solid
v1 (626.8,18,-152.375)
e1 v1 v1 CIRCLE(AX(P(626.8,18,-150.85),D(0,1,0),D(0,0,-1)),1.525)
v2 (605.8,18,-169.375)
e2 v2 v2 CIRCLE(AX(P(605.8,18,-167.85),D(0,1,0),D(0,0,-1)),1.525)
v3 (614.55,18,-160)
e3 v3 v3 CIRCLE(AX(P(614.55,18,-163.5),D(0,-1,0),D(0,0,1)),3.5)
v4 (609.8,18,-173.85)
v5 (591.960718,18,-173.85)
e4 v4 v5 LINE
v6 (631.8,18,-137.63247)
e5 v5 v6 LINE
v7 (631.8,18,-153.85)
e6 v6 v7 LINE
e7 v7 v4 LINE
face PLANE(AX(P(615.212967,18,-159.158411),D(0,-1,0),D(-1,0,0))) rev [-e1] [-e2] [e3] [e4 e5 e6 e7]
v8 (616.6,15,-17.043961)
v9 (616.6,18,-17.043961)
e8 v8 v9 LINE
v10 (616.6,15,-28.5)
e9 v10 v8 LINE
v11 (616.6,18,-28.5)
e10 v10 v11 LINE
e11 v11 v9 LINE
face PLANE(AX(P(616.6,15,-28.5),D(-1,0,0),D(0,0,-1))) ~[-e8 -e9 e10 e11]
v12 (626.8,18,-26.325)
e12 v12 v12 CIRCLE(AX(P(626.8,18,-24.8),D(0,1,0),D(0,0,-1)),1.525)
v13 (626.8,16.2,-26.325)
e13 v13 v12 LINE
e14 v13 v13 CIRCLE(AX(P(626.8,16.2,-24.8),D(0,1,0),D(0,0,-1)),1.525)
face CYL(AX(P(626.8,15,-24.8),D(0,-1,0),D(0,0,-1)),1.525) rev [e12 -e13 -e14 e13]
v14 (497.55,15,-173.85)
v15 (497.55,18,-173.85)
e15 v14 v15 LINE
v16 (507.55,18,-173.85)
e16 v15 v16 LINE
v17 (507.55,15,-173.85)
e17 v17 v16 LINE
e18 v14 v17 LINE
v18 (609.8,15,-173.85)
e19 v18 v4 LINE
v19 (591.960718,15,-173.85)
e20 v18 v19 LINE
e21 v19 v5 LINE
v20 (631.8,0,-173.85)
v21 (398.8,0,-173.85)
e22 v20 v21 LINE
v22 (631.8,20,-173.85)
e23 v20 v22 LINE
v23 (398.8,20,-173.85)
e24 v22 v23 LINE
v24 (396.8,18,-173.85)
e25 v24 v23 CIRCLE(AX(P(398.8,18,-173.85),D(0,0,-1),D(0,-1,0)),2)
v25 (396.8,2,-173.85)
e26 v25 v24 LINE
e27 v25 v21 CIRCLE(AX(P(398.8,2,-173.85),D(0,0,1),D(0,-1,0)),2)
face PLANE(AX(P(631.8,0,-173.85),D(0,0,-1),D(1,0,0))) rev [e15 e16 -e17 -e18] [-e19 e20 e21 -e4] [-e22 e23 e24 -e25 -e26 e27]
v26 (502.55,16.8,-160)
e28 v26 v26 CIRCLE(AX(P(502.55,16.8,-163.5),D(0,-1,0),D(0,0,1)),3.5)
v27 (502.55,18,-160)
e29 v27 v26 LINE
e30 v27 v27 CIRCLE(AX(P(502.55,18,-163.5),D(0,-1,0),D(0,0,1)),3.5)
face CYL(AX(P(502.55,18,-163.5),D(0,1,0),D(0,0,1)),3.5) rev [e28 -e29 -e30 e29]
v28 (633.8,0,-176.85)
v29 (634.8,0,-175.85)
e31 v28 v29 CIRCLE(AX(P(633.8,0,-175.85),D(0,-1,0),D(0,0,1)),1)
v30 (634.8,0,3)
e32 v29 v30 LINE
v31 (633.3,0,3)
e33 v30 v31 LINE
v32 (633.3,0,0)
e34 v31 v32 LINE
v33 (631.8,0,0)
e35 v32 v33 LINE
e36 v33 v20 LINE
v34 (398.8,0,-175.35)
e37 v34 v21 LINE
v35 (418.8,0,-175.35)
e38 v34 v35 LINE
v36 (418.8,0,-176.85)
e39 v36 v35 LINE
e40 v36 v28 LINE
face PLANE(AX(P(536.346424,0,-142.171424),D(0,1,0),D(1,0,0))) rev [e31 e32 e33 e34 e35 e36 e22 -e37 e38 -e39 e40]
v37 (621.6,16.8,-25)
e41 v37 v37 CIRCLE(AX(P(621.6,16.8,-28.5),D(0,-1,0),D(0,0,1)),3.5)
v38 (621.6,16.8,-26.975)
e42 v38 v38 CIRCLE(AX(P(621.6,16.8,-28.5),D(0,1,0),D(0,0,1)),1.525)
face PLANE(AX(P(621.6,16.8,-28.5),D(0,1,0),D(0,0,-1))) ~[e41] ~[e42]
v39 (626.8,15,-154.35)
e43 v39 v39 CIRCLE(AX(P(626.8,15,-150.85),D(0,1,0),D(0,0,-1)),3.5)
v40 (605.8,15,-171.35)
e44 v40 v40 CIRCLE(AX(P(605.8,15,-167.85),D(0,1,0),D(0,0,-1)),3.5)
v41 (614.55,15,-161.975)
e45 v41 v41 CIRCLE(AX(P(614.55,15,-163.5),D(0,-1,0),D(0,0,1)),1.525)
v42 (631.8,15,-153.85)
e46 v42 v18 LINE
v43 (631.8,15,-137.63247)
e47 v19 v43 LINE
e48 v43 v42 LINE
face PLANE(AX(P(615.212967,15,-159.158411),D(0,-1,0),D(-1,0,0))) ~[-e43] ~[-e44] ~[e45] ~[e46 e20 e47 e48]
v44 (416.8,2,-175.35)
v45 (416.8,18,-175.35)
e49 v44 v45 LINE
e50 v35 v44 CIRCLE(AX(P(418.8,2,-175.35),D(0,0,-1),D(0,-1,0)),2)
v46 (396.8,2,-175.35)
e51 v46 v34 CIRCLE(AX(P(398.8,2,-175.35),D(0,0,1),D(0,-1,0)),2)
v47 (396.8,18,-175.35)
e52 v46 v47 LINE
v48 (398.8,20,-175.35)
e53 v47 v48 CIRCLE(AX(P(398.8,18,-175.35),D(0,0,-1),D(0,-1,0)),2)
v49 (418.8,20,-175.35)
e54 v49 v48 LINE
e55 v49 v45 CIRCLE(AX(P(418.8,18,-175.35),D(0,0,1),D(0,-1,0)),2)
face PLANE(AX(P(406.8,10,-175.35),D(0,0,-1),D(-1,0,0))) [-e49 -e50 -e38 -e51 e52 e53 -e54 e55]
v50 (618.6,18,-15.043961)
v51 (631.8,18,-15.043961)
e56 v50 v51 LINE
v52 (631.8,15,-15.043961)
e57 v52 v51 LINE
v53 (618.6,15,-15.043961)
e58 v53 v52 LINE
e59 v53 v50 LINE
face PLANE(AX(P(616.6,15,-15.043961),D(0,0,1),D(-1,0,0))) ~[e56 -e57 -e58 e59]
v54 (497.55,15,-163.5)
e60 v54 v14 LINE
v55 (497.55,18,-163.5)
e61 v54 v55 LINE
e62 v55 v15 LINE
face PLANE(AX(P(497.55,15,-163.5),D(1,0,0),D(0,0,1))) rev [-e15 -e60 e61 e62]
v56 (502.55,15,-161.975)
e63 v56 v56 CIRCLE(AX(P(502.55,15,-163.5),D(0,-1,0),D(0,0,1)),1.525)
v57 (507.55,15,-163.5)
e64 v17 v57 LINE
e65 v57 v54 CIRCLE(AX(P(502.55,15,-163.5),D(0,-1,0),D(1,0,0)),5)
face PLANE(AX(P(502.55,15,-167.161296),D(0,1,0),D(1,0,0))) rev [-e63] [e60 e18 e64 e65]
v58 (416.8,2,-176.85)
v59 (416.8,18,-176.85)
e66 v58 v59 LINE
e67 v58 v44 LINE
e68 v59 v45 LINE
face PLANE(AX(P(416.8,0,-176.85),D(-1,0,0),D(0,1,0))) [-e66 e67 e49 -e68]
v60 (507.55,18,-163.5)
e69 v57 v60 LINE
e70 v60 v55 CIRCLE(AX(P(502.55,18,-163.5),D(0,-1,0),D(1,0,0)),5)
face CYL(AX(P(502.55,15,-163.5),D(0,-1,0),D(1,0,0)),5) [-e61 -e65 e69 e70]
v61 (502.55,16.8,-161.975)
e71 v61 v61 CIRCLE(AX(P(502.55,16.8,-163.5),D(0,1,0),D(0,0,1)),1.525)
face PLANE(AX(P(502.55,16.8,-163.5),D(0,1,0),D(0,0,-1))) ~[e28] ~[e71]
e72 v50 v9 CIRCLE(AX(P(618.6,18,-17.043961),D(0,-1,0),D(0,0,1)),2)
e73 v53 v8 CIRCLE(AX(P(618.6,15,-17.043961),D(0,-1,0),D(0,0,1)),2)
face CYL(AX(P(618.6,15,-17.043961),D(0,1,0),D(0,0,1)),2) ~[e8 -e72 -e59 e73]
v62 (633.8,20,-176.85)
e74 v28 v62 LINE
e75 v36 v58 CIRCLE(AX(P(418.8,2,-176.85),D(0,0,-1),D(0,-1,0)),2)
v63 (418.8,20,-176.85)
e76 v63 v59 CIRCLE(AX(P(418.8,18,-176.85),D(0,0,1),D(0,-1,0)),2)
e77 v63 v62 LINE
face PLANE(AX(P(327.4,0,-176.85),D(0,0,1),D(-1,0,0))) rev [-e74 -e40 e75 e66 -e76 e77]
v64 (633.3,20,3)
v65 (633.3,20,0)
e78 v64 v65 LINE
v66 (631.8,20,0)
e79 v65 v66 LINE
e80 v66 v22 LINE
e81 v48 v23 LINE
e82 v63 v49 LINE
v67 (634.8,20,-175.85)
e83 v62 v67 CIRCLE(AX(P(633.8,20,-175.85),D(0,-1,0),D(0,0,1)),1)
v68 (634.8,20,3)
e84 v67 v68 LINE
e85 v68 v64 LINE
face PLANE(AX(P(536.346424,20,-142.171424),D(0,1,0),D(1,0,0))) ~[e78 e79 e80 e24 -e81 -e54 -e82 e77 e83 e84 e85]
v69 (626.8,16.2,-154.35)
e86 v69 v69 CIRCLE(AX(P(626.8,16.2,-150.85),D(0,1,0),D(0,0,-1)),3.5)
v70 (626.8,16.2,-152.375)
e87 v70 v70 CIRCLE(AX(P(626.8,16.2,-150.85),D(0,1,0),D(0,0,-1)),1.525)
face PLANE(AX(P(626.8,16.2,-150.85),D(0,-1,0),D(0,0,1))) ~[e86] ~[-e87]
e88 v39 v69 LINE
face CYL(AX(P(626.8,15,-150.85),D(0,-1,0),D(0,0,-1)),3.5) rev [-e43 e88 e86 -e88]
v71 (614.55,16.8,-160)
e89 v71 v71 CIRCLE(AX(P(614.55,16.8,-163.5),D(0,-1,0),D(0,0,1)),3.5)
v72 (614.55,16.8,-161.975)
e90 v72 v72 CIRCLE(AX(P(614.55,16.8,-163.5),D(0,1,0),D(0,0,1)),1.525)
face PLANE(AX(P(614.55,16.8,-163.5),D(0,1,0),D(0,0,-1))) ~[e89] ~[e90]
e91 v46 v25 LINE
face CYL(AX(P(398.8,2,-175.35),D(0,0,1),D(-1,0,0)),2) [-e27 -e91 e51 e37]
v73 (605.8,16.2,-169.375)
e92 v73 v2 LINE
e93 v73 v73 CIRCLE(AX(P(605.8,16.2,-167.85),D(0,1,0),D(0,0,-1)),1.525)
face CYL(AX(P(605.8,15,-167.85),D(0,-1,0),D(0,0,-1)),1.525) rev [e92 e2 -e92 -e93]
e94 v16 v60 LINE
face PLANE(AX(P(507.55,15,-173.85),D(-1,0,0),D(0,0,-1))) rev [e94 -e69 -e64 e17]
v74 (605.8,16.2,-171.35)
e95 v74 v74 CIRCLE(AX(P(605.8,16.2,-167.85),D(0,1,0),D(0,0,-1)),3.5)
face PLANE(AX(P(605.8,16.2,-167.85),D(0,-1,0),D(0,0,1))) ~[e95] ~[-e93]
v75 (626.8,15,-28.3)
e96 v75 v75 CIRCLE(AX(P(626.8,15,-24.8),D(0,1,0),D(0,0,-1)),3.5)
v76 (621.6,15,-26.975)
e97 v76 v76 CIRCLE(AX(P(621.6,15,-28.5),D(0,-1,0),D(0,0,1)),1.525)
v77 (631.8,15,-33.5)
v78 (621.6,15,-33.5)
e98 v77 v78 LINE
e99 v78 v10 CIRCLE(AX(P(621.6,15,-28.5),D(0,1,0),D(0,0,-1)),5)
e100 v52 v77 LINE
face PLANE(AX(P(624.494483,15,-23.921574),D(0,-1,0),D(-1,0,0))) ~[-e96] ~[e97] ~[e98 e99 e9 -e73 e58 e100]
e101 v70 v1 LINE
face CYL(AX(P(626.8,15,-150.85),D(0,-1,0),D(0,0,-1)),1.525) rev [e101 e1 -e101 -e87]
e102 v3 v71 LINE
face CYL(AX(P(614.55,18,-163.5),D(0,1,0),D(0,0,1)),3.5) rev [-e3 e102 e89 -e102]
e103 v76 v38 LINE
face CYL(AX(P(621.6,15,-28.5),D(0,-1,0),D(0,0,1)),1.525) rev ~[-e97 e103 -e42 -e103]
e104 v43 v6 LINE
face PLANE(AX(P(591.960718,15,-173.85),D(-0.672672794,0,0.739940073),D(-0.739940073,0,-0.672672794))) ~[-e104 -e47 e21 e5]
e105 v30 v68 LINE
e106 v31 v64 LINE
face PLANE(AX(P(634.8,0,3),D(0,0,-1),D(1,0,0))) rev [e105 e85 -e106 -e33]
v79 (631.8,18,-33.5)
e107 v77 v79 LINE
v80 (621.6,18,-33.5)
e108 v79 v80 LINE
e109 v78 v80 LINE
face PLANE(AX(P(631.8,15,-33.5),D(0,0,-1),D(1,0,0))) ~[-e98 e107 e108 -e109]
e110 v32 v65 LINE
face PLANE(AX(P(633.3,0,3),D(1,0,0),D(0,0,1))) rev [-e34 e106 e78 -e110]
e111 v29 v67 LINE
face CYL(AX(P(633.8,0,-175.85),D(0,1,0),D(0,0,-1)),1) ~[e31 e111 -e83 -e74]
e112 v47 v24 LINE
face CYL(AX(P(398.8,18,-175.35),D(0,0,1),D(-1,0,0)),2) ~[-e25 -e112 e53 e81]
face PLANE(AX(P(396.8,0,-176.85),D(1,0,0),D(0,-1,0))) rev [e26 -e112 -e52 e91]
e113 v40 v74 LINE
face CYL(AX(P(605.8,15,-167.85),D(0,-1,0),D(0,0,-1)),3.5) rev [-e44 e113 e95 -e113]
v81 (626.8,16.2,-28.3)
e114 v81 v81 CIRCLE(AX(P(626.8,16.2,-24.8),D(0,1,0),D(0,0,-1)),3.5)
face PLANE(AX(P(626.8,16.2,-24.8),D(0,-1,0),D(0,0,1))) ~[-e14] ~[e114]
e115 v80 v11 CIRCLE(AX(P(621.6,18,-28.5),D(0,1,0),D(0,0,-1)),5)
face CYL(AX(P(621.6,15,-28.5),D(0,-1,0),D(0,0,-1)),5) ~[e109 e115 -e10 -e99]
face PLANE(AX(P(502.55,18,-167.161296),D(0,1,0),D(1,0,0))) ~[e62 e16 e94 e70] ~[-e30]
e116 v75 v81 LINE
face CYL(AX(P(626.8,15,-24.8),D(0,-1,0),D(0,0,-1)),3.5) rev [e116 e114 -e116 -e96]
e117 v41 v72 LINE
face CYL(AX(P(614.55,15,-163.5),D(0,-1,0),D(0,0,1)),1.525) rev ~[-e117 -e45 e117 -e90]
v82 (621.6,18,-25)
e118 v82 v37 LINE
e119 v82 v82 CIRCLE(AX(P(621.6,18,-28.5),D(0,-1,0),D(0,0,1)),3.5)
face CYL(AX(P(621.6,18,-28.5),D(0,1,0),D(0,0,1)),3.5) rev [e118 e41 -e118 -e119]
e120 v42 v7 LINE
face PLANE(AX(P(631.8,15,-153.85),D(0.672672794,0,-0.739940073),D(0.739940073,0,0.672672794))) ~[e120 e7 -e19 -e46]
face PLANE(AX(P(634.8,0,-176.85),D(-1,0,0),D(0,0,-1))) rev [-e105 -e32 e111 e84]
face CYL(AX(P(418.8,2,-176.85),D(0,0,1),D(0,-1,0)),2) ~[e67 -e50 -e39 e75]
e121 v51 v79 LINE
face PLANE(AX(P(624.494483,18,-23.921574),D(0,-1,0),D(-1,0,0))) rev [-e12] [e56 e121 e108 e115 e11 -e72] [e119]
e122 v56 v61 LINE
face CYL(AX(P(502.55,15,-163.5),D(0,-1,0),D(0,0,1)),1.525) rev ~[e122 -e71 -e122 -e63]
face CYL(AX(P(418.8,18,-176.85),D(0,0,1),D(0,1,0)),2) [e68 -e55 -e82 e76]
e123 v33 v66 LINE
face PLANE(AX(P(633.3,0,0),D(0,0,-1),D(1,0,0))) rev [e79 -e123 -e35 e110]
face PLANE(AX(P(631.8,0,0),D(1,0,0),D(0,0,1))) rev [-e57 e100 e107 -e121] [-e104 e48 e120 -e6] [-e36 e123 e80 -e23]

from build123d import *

# Parameters (mm, degrees)
EXTRUDE_1_DEPTH     = 20
EXTRUDE_START       = 1
SKETCH_2_R          = 1.525
EXTRUDE_2_DEPTH     = 3
CUT_EXTRUDE_1_REACH = 358.708
SKETCH_3_W          = 31
SKETCH_3_H          = 9.5
SKETCH_4_R          = 3.5
CUT_EXTRUDE_2_DEPTH = 1.2
CUT_EXTRUDE_3_REACH = 356.959
SKETCH_5_R          = 1.525
FILLET_1_R          = 1
FILLET_3_R          = 1
SKETCH_6_R          = 3.5
CUT_EXTRUDE_4_DEPTH = 1.2
SKETCH_7_W          = 69.4
SKETCH_7_H          = 20
CUT_EXTRUDE_5_DEPTH = 3
SKETCH_8_W          = 20
SKETCH_8_H          = 20
CUT_EXTRUDE_6_DEPTH = 1.5
FILLET_4_R          = 2
FILLET_5_R          = 2
FILLET_6_R          = 2


with BuildPart() as part:
    # 草图1 → 凸台-拉伸1 (new body)
    with BuildSketch(Plane(origin=(0, 0, 0), x_dir=(1, 0, 0), z_dir=(0, 1, 0))):
        Polygon((1.5, 0), (3, 0), (3, 173.85), (307.4, 173.85), (307.4, 176.85), (0, 176.85), (0, 0), (0, -3), (1.5, -3), align=None)
    extrude(amount=EXTRUDE_1_DEPTH)

    # 草图2 → 凸台-拉伸2 (add)
    # profile 1 of 3: a face of its own
    with BuildSketch(Plane(origin=(0, 14, 0), x_dir=(1, 0, 0), z_dir=(0, 1, 0)).offset(EXTRUDE_START)):
        Polygon((3, 153.85), (25, 173.85), (42.839282497, 173.85), (3, 137.632470457), align=None)
        with Locations(Location((20.25, 163.5, 0), (0, 0, 270))):
            Circle(SKETCH_2_R, mode=Mode.SUBTRACT)
    # profile 2 of 3: a face of its own
    with BuildSketch(Plane(origin=(0, 14, 0), x_dir=(1, 0, 0), z_dir=(0, 1, 0)).offset(EXTRUDE_START)):
        with BuildLine():
            Line((137.25, 163.5), (137.25, 173.85))
            Line((137.25, 173.85), (127.25, 173.85))
            Line((127.25, 173.85), (127.25, 163.5))
            ThreePointArc((127.25, 163.5), (132.25, 158.5), (137.25, 163.5))
        make_face()
        with Locations(Location((132.25, 163.5, 0), (0, 0, 270))):
            Circle(SKETCH_2_R, mode=Mode.SUBTRACT)
    # profile 3 of 3: a face of its own
    with BuildSketch(Plane(origin=(0, 14, 0), x_dir=(1, 0, 0), z_dir=(0, 1, 0)).offset(EXTRUDE_START)):
        with BuildLine():
            Line((3, 23.870342351), (3, 33.5))
            Line((3, 33.5), (13.2, 33.5))
            ThreePointArc((13.2, 33.5), (16.735533906, 32.035533906), (18.2, 28.5))
            Line((18.2, 28.5), (18.2, 15.043961292))
            Line((18.2, 15.043961292), (3, 15.043961292))
            Line((3, 15.043961292), (3, 23.870342351))
        make_face()
        with Locations(Location((13.2, 28.5, 0), (0, 0, 270))):
            Circle(SKETCH_2_R, mode=Mode.SUBTRACT)
    extrude(amount=EXTRUDE_2_DEPTH)

    # 草图3 → 切除-拉伸1 (cut, up to next)
    with BuildSketch(Plane(origin=(0, 0, -176.85), x_dir=(-1, 0, 0), z_dir=(0, 0, -1)), mode=Mode.PRIVATE) as cut_extrude_1_sk1:
        with Locations((-291.9, 15.25)):
            Rectangle(SKETCH_3_W, SKETCH_3_H)
    cut_extrude_1_tool1 = extrude(cut_extrude_1_sk1.sketch, amount=-CUT_EXTRUDE_1_REACH, mode=Mode.PRIVATE) & part.part
    add(cut_extrude_1_tool1.solids().sort_by_distance((291.9, 15.25, -176.85))[0], mode=Mode.SUBTRACT)

    # 草图4 → 切除-拉伸2 (cut)
    with BuildSketch(Plane(origin=(0, 18, 0), x_dir=(1, 0, 0), z_dir=(0, 1, 0))):
        with Locations(Location((13.2, 28.5, 0), (0, 0, 270))):
            Circle(SKETCH_4_R)
        with Locations(Location((20.25, 163.5, 0), (0, 0, 270))):
            Circle(SKETCH_4_R)
        with Locations(Location((132.25, 163.5, 0), (0, 0, 270))):
            Circle(SKETCH_4_R)
    extrude(amount=-CUT_EXTRUDE_2_DEPTH, mode=Mode.SUBTRACT)

    # 草图5 → 切除-拉伸3 (cut, up to next)
    with BuildSketch(Plane.XZ.offset(-15), mode=Mode.PRIVATE) as cut_extrude_3_sk1:
        with Locations(Location((29, -167.85, 0), (0, 0, 270))):
            Circle(SKETCH_5_R)
    cut_extrude_3_tool1 = extrude(cut_extrude_3_sk1.sketch, amount=-CUT_EXTRUDE_3_REACH, mode=Mode.PRIVATE) & part.part
    # 草图5 → 切除-拉伸3 (cut, up to next)
    with BuildSketch(Plane.XZ.offset(-15), mode=Mode.PRIVATE) as cut_extrude_3_sk2:
        with Locations(Location((8, -150.85, 0), (0, 0, 270))):
            Circle(SKETCH_5_R)
    cut_extrude_3_tool2 = extrude(cut_extrude_3_sk2.sketch, amount=-CUT_EXTRUDE_3_REACH, mode=Mode.PRIVATE) & part.part
    # 草图5 → 切除-拉伸3 (cut, up to next)
    with BuildSketch(Plane.XZ.offset(-15), mode=Mode.PRIVATE) as cut_extrude_3_sk3:
        with Locations(Location((8, -24.8, 0), (0, 0, 270))):
            Circle(SKETCH_5_R)
    cut_extrude_3_tool3 = extrude(cut_extrude_3_sk3.sketch, amount=-CUT_EXTRUDE_3_REACH, mode=Mode.PRIVATE) & part.part
    add(cut_extrude_3_tool1.solids().sort_by_distance((29, 15, -167.85))[0], mode=Mode.SUBTRACT)
    add(cut_extrude_3_tool2.solids().sort_by_distance((8, 15, -150.85))[0], mode=Mode.SUBTRACT)
    add(cut_extrude_3_tool3.solids().sort_by_distance((8, 15, -24.8))[0], mode=Mode.SUBTRACT)

    # 圆角1
    fillet_1_edges = [part.edges().sort_by_distance(p)[0] for p in [
        (0, 10, -176.85),
    ]]
    fillet(fillet_1_edges, radius=FILLET_1_R)

    # 圆角3
    fillet_3_edges = [part.edges().sort_by_distance(p)[0] for p in [
        (276.4, 10.5, -175.35),
    ]]
    fillet(fillet_3_edges, radius=FILLET_3_R)

    # 草图6 → 切除-拉伸4 (cut)
    with BuildSketch(Plane.XZ.offset(-15)):
        with Locations(Location((8, -24.8, 0), (0, 0, 270))):
            Circle(SKETCH_6_R)
        with Locations(Location((8, -150.85, 0), (0, 0, 270))):
            Circle(SKETCH_6_R)
        with Locations(Location((29, -167.85, 0), (0, 0, 270))):
            Circle(SKETCH_6_R)
    extrude(amount=-CUT_EXTRUDE_4_DEPTH, mode=Mode.SUBTRACT)

    # 草图7 → 切除-拉伸5 (cut)
    with BuildSketch(Plane(origin=(0, 0, -176.85), x_dir=(-1, 0, 0), z_dir=(0, 0, -1))):
        with Locations((-272.7, 10)):
            Rectangle(SKETCH_7_W, SKETCH_7_H)
    extrude(amount=-CUT_EXTRUDE_5_DEPTH, mode=Mode.SUBTRACT)


with BuildPart() as body_2:
    # 镜向3: mirrored copy
    add(part.part.mirror(Plane(origin=(317.4, 0, 0), x_dir=(0, 0, 1), z_dir=(1, 0, 0))))

    # 草图8 → 切除-拉伸6 (cut)
    with BuildSketch(Plane(origin=(0, 0, -176.85), x_dir=(-1, 0, 0), z_dir=(0, 0, -1))):
        with Locations((-406.8, 10)):
            Rectangle(SKETCH_8_W, SKETCH_8_H)
    extrude(amount=-CUT_EXTRUDE_6_DEPTH, mode=Mode.SUBTRACT)

    # 圆角4
    fillet_4_edges = [body_2.edges().sort_by_distance(p)[0] for p in [
        (416.8, 0, -176.1),
        (416.8, 20, -176.1),
    ]]
    fillet(fillet_4_edges, radius=FILLET_4_R)

    # 圆角5
    fillet_5_edges = [body_2.edges().sort_by_distance(p)[0] for p in [
        (396.8, 20, -174.6),
        (396.8, 0, -174.6),
    ]]
    fillet(fillet_5_edges, radius=FILLET_5_R)

    # 圆角6
    fillet_6_edges = [body_2.edges().sort_by_distance(p)[0] for p in [
        (616.6, 16.5, -15.043961292),
    ]]
    fillet(fillet_6_edges, radius=FILLET_6_R)


solid = body_2.part
